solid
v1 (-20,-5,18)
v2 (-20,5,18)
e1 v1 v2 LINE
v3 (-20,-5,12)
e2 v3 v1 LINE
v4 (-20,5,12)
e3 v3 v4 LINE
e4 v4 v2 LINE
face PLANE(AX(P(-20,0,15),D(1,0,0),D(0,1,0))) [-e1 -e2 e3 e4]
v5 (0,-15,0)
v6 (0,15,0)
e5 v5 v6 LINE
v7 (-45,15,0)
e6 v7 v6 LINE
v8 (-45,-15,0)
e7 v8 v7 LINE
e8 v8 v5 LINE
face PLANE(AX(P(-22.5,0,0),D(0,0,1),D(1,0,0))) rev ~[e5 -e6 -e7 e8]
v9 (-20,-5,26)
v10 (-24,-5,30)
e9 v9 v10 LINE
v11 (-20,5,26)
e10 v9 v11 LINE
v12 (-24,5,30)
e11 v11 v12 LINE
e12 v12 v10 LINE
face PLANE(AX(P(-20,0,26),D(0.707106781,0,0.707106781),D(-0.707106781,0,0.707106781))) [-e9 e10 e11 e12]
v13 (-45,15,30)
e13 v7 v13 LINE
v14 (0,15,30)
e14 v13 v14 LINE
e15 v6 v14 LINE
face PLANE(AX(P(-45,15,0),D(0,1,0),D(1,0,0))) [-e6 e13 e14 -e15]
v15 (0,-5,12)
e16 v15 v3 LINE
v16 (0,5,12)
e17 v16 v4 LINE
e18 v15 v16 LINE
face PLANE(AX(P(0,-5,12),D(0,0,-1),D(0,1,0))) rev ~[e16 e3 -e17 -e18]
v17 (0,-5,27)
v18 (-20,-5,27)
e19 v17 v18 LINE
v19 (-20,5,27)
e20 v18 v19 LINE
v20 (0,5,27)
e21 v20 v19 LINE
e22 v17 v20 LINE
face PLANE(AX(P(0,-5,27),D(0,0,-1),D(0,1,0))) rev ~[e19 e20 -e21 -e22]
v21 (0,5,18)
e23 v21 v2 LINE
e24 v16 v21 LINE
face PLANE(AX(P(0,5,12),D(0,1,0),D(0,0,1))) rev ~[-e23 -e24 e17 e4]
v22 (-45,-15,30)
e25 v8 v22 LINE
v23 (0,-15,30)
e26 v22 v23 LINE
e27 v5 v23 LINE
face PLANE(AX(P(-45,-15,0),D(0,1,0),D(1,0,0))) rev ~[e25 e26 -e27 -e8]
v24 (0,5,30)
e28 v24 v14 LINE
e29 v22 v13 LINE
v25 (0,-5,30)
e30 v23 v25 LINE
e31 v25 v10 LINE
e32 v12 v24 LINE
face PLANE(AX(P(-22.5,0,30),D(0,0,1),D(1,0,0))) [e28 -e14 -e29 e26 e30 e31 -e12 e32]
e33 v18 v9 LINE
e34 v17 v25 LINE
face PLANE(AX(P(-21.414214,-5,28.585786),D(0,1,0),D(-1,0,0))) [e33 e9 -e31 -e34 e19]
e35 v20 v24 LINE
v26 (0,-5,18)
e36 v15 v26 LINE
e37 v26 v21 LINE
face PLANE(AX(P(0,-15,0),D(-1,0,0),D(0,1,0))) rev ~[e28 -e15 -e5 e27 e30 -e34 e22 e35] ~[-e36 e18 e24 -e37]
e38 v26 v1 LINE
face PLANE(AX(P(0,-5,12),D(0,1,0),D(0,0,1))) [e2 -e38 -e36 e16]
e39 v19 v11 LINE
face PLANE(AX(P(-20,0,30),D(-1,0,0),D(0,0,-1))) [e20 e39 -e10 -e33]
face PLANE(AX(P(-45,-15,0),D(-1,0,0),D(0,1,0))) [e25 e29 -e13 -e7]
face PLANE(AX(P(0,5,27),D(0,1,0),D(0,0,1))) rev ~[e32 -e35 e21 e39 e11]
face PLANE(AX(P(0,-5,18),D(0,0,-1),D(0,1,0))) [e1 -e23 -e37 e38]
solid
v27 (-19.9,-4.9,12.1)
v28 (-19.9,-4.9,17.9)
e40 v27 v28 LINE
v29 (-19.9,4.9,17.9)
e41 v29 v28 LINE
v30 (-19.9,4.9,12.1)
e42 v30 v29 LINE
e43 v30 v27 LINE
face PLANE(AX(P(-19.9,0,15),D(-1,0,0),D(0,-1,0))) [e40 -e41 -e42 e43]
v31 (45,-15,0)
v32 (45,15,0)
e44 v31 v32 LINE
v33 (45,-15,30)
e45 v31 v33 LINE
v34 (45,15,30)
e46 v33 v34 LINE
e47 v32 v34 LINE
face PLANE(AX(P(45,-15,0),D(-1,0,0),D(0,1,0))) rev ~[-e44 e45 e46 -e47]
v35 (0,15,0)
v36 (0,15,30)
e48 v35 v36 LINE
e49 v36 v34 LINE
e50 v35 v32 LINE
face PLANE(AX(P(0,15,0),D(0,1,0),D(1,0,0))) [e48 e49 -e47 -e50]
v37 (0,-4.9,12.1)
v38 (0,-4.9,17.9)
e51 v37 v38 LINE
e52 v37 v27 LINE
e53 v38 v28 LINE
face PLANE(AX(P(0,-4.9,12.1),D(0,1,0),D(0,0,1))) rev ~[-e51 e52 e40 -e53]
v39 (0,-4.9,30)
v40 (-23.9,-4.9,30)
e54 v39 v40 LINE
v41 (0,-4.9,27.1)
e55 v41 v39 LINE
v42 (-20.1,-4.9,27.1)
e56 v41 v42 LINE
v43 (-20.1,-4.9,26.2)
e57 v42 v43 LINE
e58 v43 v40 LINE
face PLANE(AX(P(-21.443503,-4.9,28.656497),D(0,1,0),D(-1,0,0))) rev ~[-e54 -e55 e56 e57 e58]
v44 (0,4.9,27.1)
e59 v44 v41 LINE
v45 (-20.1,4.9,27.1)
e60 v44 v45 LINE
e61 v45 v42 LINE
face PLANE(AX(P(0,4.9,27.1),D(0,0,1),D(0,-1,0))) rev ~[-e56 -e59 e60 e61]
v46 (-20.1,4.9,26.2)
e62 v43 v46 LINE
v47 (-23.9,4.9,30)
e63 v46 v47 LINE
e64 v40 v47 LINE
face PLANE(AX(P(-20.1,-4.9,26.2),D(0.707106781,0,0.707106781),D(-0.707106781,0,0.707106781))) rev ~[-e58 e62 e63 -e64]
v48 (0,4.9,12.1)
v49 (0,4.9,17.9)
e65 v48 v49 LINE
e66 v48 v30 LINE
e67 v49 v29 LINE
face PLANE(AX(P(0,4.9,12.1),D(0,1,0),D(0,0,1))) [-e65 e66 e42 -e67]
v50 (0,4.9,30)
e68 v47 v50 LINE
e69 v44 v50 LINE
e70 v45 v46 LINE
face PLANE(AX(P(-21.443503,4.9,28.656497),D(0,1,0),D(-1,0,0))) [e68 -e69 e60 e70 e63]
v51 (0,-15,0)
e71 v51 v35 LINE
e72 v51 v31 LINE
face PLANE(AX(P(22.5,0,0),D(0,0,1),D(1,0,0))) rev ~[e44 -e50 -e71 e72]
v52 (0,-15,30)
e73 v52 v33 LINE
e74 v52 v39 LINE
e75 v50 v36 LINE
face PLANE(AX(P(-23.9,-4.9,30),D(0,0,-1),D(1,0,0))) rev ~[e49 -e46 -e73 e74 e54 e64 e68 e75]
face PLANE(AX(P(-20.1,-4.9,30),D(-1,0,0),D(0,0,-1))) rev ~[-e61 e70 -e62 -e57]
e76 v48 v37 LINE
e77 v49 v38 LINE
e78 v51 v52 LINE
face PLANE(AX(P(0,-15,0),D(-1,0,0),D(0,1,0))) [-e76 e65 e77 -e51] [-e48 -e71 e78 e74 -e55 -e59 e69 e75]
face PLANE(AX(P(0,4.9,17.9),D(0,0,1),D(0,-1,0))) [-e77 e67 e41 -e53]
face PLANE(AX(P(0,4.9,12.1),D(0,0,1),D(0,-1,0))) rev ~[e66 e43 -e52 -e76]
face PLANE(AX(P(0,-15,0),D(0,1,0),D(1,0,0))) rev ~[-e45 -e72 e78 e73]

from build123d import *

# Parameters (mm, degrees)
SKETCH_W        = 45
SKETCH_H        = 30
PAD_DEPTH       = 30
SKETCH001_W     = 10
SKETCH001_H     = 6
POCKET_DEPTH    = 20
SKETCH002_W     = 10
SKETCH002_H     = 3
POCKET001_DEPTH = 20
POCKET002_DEPTH = 5
SKETCH004_W     = 45
SKETCH004_H     = 30
PAD001_DEPTH    = 30
SKETCH005_W     = 9.8
SKETCH005_H     = 5.8
PAD002_DEPTH    = 19.9
SKETCH006_W     = 9.8
SKETCH006_H     = 2.9
PAD003_DEPTH    = 20.1
PAD004_DEPTH    = 9.8


with BuildPart() as female:
    # Sketch → Pad (new body)
    with BuildSketch(Plane.XY):
        with Locations((-22.5, 0)):
            Rectangle(SKETCH_W, SKETCH_H)
    extrude(amount=PAD_DEPTH)

    # Sketch001 (on Face4 of Pad) → Pocket (cut)
    with BuildSketch(Plane.YZ):
        with Locations((0, 15)):
            Rectangle(SKETCH001_W, SKETCH001_H)
    extrude(amount=-POCKET_DEPTH, mode=Mode.SUBTRACT)

    # Sketch002 (on Face2 of Pocket) → Pocket001 (cut)
    with BuildSketch(Plane.YZ):
        with Locations((0, 28.5)):
            Rectangle(SKETCH002_W, SKETCH002_H)
    extrude(amount=-POCKET001_DEPTH, mode=Mode.SUBTRACT)

    # Sketch003 → Pocket002 (cut, symmetric)
    with BuildSketch(Plane.XZ):
        Polygon((-20, 30), (-20, 26), (-24, 30), align=None)
    extrude(amount=POCKET002_DEPTH, both=True, mode=Mode.SUBTRACT)


with BuildPart() as male:
    # Sketch004 → Pad001 (new body)
    with BuildSketch(Plane.XY):
        with Locations((22.5, 0)):
            Rectangle(SKETCH004_W, SKETCH004_H)
    extrude(amount=PAD001_DEPTH)

    # Sketch005 (on Face4 of Pad001) → Pad002 (join)
    with BuildSketch(Plane(origin=(0, 0, 0), x_dir=(0, -1, 0), z_dir=(-1, 0, 0))):
        with Locations((0, 15)):
            Rectangle(SKETCH005_W, SKETCH005_H)
    extrude(amount=PAD002_DEPTH)

    # Sketch006 (on Face2 of Pad002) → Pad003 (join)
    with BuildSketch(Plane(origin=(0, 0, 0), x_dir=(0, -1, 0), z_dir=(-1, 0, 0))):
        with Locations((0, 28.55)):
            Rectangle(SKETCH006_W, SKETCH006_H)
    extrude(amount=PAD003_DEPTH)

    # Sketch007 (on Face6 of Pad003) → Pad004 (join)
    with BuildSketch(Plane.XZ.offset(4.9)):
        Polygon((-20.1, 30), (-20.1, 26.2), (-23.9, 30), align=None)
    extrude(amount=-PAD004_DEPTH)


solid = Compound([female.part, male.part])
